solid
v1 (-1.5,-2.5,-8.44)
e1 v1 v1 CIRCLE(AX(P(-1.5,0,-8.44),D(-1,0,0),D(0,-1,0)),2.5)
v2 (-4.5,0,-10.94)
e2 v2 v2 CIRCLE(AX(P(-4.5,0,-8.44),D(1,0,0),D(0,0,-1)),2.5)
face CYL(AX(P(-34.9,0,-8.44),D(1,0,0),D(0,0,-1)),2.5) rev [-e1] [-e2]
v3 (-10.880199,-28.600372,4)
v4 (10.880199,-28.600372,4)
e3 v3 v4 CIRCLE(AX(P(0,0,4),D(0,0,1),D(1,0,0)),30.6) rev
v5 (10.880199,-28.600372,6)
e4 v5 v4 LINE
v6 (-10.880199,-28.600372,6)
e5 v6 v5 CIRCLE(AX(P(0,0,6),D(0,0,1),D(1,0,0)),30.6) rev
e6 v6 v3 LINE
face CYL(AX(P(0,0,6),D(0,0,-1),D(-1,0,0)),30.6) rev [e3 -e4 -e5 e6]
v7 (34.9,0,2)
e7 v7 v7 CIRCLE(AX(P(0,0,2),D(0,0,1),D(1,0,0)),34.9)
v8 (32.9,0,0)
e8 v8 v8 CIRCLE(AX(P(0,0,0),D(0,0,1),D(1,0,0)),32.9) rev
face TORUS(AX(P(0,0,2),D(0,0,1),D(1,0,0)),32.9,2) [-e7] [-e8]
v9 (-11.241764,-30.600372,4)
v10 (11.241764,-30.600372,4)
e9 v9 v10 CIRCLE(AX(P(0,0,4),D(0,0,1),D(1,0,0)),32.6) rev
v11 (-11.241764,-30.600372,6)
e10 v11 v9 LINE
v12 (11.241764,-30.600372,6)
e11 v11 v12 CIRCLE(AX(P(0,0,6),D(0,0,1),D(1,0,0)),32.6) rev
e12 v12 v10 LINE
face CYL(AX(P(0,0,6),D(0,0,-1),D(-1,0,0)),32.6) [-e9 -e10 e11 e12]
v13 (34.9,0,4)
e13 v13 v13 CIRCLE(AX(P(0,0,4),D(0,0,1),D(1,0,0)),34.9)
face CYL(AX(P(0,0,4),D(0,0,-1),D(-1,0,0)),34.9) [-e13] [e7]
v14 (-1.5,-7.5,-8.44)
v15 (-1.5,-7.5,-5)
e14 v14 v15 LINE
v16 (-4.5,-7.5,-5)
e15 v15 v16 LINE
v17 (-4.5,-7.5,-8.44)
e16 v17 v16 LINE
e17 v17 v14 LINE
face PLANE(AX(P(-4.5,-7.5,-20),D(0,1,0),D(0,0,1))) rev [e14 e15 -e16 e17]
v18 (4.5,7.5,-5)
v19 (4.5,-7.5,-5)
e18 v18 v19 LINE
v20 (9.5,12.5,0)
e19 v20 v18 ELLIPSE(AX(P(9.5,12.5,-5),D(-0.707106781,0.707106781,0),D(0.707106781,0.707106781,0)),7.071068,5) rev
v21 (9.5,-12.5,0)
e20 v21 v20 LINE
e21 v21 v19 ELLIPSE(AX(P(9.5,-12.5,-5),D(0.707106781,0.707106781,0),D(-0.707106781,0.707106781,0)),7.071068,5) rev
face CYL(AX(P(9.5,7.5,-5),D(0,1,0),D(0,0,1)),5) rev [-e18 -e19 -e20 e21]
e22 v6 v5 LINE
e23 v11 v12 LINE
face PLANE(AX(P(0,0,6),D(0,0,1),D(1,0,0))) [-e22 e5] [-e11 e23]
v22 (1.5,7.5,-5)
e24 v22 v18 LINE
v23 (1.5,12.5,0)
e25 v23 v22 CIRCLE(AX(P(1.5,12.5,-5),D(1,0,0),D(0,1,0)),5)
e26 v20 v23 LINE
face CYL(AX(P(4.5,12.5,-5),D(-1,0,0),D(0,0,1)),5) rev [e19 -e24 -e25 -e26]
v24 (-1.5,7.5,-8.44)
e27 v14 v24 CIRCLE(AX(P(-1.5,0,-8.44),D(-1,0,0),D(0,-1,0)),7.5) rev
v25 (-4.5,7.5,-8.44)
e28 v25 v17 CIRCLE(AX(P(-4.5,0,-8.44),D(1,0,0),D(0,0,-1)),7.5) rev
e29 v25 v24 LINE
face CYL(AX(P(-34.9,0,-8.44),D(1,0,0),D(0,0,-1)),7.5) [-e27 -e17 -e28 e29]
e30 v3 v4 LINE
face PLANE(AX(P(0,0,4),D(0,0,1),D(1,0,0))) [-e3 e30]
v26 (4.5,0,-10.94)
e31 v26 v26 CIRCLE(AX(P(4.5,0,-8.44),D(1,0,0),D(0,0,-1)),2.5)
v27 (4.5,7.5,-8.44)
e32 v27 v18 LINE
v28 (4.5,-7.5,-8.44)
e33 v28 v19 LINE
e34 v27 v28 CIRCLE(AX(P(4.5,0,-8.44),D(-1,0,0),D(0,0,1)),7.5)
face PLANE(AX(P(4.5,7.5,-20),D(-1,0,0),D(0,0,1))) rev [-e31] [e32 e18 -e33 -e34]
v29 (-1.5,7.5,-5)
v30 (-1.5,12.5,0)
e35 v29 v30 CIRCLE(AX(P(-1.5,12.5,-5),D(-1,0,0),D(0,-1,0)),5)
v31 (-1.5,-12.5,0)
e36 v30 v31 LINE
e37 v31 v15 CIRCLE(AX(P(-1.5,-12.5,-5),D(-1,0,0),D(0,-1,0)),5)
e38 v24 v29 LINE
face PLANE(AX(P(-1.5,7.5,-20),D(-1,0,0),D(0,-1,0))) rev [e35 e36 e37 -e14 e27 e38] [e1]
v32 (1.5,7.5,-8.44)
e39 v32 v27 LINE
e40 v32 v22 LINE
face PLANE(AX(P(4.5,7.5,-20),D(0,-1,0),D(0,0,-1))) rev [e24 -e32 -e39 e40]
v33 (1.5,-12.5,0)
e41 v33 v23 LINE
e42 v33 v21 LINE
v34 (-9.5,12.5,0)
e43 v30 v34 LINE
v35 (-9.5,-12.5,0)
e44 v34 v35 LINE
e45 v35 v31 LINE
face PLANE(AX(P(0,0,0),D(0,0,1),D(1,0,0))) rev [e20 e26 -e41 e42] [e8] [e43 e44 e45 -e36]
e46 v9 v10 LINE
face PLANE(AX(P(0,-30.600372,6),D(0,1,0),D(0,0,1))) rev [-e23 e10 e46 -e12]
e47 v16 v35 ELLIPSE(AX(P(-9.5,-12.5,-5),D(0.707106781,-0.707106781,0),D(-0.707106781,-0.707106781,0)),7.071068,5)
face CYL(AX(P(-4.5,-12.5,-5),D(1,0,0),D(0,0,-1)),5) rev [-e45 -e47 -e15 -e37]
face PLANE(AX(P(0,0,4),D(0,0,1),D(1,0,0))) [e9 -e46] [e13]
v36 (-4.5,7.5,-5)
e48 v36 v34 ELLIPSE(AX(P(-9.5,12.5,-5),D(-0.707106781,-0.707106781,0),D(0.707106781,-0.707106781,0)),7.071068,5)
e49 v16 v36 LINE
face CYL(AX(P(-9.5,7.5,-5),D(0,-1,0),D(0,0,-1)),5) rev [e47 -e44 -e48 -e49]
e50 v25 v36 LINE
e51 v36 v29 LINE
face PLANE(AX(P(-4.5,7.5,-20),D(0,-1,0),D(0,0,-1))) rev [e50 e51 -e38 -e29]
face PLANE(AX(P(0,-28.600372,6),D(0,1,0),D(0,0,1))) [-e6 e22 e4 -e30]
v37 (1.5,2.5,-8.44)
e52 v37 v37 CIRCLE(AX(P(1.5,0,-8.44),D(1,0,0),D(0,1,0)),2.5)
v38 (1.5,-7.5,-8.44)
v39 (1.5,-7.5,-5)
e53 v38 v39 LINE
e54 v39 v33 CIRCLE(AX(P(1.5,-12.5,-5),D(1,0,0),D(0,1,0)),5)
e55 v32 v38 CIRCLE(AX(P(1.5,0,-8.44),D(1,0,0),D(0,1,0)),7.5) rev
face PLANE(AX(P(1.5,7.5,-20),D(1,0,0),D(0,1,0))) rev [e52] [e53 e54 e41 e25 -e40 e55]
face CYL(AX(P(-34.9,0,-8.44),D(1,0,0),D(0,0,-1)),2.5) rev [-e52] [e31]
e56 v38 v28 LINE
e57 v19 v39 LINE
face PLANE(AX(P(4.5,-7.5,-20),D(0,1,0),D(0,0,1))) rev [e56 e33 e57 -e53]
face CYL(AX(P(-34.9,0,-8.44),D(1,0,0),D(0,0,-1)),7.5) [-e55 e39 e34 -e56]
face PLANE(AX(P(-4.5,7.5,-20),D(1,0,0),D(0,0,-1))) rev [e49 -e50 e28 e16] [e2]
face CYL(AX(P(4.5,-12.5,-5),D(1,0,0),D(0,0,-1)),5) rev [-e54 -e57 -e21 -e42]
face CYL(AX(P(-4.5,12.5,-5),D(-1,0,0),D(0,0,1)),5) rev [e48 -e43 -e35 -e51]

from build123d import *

# Parameters (mm, degrees)
ESQUISSE1_R             = 34.9
BOSS_EXTRU_1_DEPTH      = 4
ESQUISSE4_W             = 3
ESQUISSE4_H             = 15
BOSS_EXTRU_3_DEPTH      = 20
ENL_V_MAT_EXTRU_2_DEPTH = 57.306038753
CONG_1_R                = 5
ESQUISSE6_R             = 2.5
ENL_V_MAT_EXTRU_3_DEPTH = 55.995032503
BOSS_EXTRU_4_DEPTH      = 2
CONG_2_R                = 2


with BuildPart() as part:
    # Esquisse1 → Boss.-Extru.1 (new body)
    with BuildSketch(Plane.XY):
        Circle(ESQUISSE1_R)
    extrude(amount=BOSS_EXTRU_1_DEPTH)

    # Esquisse4 → Boss.-Extru.3 (add)
    with BuildSketch(Plane(origin=(0, 0, 0), x_dir=(-1, 0, 0), z_dir=(0, 0, -1))):
        with Locations((3, 0)):
            Rectangle(ESQUISSE4_W, ESQUISSE4_H)
        with Locations((-3, 0)):
            Rectangle(ESQUISSE4_W, ESQUISSE4_H)
    extrude(amount=BOSS_EXTRU_3_DEPTH)

    # Esquisse5 → Enlèv. mat.-Extru.2 (cut, through all)
    with BuildSketch(Plane(origin=(4.5, 0, 0), x_dir=(0, 0, -1), z_dir=(1, 0, 0))):
        with BuildLine():
            Line((8.44, 7.5), (20, 7.5))
            Line((20, 7.5), (20, -7.5))
            Line((20, -7.5), (8.44, -7.5))
            ThreePointArc((8.44, -7.5), (15.94, 0), (8.44, 7.5))
        make_face()
    extrude(amount=-ENL_V_MAT_EXTRU_2_DEPTH, mode=Mode.SUBTRACT)

    # Congé1
    cong_1_edges = [part.edges().sort_by_distance(p)[0] for p in [
        (-3, 7.5, 0),
        (-3, -7.5, 0),
        (-4.5, 0, 0),
        (4.5, 0, 0),
        (3, -7.5, 0),
        (3, 7.5, 0),
    ]]
    fillet(cong_1_edges, radius=CONG_1_R)

    # Esquisse6 → Enlèv. mat.-Extru.3 (cut, through all)
    with BuildSketch(Plane(origin=(4.5, 0, 0), x_dir=(0, 0, -1), z_dir=(1, 0, 0))):
        with Locations((8.44, 0)):
            Circle(ESQUISSE6_R)
    extrude(amount=-ENL_V_MAT_EXTRU_3_DEPTH, mode=Mode.SUBTRACT)

    # Esquisse2 → Boss.-Extru.4 (add)
    with BuildSketch(Plane.XY.offset(4)):
        with BuildLine():
            ThreePointArc((-11.241763565, -30.600371762), (0, 32.6), (11.241763565, -30.600371762))
            Line((11.241763565, -30.600371762), (-11.241763565, -30.600371762))
        make_face()
        with BuildLine():
            Line((-10.880199222, -28.600371762), (10.880199222, -28.600371762))
            ThreePointArc((10.880199222, -28.600371762), (0, 30.6), (-10.880199222, -28.600371762))
        make_face(mode=Mode.SUBTRACT)
    extrude(amount=BOSS_EXTRU_4_DEPTH)

    # Congé2
    cong_2_edges = [part.edges().sort_by_distance(p)[0] for p in [
        (-34.9, 0, 0),
    ]]
    fillet(cong_2_edges, radius=CONG_2_R)


solid = part.part
